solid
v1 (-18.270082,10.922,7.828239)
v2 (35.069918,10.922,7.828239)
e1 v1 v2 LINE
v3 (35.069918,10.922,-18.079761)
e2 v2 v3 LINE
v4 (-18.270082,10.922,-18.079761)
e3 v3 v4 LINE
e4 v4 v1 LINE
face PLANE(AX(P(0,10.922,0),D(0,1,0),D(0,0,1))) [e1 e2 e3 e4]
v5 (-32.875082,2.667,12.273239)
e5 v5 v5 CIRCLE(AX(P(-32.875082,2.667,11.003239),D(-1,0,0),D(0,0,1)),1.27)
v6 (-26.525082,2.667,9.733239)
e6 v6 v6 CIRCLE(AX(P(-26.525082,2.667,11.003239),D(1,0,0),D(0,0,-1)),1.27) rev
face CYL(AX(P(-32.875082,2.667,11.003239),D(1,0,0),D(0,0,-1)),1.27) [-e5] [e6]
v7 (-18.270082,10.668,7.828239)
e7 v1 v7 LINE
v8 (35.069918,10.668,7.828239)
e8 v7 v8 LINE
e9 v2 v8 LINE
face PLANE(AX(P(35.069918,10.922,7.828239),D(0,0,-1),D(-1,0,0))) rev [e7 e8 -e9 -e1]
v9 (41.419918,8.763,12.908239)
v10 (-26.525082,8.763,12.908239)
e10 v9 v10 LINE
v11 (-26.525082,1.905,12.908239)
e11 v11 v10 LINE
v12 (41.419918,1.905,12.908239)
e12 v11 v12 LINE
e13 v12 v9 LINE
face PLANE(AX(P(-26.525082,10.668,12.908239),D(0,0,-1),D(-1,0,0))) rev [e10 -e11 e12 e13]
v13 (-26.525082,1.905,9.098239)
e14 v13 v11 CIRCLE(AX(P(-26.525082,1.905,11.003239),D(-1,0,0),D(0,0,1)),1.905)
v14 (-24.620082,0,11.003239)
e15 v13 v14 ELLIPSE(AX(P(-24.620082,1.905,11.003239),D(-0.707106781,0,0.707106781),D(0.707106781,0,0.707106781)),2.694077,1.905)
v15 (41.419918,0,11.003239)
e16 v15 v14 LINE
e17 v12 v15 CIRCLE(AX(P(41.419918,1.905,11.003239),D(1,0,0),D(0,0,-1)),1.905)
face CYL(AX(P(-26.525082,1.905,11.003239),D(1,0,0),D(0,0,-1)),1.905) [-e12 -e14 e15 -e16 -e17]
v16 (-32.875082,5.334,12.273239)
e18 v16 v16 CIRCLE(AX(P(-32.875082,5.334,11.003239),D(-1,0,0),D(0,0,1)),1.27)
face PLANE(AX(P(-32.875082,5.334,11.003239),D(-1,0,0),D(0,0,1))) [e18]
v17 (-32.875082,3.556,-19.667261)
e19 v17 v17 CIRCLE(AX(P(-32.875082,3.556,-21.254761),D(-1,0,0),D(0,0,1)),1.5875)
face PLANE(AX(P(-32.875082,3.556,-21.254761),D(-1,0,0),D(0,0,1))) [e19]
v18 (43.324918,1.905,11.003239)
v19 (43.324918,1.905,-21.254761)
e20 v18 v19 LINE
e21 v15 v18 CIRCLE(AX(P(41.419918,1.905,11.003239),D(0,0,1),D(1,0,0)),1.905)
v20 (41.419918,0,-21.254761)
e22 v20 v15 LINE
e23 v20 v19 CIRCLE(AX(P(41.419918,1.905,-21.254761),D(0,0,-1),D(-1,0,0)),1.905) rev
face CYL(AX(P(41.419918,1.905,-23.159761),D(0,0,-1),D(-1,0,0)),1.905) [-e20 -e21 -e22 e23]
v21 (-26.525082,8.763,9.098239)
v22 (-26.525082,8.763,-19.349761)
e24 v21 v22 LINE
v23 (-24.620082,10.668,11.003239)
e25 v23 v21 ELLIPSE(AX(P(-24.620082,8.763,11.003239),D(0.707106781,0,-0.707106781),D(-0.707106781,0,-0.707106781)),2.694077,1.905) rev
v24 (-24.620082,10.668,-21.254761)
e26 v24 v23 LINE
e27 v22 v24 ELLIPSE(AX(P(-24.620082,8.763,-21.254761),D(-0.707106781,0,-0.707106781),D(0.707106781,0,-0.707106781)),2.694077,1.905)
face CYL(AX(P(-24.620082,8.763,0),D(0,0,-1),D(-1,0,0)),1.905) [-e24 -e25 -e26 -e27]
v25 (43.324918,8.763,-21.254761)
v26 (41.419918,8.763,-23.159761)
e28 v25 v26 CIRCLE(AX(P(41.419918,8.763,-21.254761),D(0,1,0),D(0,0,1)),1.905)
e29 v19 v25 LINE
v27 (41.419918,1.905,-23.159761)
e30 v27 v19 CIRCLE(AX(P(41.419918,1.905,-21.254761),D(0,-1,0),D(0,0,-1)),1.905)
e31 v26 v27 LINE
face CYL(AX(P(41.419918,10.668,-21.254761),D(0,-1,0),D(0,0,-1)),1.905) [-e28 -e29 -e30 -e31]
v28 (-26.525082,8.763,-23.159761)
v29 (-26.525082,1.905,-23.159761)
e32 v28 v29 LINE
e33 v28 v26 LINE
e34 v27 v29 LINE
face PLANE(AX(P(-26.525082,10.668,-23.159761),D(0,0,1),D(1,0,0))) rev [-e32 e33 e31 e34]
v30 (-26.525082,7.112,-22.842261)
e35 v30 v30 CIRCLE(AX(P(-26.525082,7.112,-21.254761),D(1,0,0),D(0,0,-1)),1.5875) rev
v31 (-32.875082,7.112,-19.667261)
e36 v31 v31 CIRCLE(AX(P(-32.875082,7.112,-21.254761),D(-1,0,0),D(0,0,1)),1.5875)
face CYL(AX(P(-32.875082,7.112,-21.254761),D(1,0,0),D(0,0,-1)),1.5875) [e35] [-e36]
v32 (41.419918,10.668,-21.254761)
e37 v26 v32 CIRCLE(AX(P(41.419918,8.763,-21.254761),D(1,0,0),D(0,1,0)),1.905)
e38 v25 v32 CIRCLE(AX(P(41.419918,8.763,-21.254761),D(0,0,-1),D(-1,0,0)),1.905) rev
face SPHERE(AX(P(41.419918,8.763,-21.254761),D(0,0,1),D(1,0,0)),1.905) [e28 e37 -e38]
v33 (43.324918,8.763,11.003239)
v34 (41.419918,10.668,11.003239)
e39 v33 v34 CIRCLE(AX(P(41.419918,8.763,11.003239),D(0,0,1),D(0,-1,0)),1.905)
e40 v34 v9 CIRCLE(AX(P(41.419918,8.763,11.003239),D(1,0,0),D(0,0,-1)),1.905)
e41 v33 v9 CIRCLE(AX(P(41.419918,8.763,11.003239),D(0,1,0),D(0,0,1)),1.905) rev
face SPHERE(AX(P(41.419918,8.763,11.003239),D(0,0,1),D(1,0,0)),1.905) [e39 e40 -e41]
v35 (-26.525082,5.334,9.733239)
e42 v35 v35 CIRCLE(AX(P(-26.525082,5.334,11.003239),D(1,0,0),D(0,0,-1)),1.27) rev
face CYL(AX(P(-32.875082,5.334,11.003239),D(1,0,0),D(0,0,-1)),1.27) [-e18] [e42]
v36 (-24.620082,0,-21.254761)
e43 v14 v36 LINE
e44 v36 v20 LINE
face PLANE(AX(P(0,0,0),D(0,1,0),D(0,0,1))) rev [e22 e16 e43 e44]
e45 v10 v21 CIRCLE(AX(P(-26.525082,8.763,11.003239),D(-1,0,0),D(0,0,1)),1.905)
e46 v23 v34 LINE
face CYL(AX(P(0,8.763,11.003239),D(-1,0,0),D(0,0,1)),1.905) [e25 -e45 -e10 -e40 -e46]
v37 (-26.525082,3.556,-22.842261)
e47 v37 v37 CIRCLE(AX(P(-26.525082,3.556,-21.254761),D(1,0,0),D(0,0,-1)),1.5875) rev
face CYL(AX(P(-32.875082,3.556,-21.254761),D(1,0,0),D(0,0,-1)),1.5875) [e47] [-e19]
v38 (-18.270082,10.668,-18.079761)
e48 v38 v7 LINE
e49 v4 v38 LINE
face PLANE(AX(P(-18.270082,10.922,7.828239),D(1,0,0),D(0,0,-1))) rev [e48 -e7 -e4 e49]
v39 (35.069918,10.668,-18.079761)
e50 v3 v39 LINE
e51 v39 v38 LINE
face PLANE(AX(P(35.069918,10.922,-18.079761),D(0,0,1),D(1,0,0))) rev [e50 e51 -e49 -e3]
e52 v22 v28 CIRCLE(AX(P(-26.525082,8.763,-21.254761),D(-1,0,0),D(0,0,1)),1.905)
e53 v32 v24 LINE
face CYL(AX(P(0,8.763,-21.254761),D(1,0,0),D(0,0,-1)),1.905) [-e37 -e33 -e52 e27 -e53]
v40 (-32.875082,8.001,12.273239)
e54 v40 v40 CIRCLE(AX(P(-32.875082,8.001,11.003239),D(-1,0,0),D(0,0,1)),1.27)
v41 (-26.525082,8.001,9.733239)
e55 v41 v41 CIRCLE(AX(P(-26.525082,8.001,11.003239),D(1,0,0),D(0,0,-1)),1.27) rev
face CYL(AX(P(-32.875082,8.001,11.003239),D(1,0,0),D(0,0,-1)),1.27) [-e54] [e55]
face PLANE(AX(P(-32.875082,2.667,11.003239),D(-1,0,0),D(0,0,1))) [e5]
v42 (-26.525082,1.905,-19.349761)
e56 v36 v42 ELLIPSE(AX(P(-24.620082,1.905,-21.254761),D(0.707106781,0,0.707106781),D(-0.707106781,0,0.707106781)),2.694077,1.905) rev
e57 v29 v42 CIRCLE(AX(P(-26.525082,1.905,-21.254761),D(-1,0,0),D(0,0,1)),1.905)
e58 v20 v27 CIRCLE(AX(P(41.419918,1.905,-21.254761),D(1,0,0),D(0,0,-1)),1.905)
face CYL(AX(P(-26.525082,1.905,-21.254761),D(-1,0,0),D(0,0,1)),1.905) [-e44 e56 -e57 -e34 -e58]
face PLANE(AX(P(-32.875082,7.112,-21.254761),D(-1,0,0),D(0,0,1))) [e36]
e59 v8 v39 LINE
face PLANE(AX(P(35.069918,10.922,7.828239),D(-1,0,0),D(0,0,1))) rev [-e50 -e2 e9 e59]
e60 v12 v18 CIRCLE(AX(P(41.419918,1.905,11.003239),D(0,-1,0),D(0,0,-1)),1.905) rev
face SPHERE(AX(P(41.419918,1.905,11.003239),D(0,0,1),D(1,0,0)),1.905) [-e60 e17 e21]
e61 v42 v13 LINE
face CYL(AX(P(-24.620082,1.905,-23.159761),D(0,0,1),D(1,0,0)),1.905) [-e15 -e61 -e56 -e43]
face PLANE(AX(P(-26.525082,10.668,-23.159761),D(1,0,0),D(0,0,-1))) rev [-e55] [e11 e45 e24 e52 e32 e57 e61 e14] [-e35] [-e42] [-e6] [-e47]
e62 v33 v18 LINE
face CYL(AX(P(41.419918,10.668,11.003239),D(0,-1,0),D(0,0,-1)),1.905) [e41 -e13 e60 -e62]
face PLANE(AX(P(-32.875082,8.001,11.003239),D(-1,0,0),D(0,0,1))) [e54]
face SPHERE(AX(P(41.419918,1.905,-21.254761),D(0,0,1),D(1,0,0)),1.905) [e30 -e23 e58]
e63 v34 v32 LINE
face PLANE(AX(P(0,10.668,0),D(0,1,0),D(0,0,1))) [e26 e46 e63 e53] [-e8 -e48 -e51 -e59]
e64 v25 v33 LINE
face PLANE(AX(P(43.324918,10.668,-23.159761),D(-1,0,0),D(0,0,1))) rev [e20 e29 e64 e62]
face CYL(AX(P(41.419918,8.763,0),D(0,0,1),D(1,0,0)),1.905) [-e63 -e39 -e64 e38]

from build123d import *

# Parameters (mm, degrees)
SKETCH1_W       = 69.85
SKETCH1_H       = 36.068
BATTERY_DEPTH   = 10.668
FILLET_2_R      = 1.905
WIRE_BOSS_DEPTH = 5.08
SKETCH3_R       = 1.27
SKETCH3_R_2     = 1.5875
WIRES_2_DEPTH   = 6.35
SKETCH4_W       = 53.34
SKETCH4_H       = 25.908
LABEL_DEPTH     = 0.254


with BuildPart() as part:
    # Sketch1 → Battery (new body)
    with BuildSketch(Plane(origin=(0, 0, 0), x_dir=(1, 0, 0), z_dir=(0, 1, 0))):
        with Locations((8.399917755, 5.125761329)):
            Rectangle(SKETCH1_W, SKETCH1_H)
    extrude(amount=BATTERY_DEPTH)

    # Fillet 2
    fillet_2_edges = [part.edges().sort_by_distance(p)[0] for p in [
        (43.324917755, 10.668, -5.125761329),
        (8.399917755, 10.668, -23.159761329),
        (-26.525082245, 10.668, -5.125761329),
        (8.399917755, 0, -23.159761329),
        (43.324917755, 0, -5.125761329),
        (8.399917755, 0, 12.908238671),
        (-26.525082245, 0, -5.125761329),
        (8.399917755, 10.668, 12.908238671),
        (-26.525082245, 5.334, -23.159761329),
        (43.324917755, 5.334, -23.159761329),
        (43.324917755, 5.334, 12.908238671),
        (-26.525082245, 5.334, 12.908238671),
    ]]
    fillet(fillet_2_edges, radius=FILLET_2_R)

    # Sketch2 → Wire Boss (add)
    with BuildSketch(Plane.ZY.offset(26.525082245)):
        with BuildLine():
            Line((12.908238671, 8.763), (12.908238671, 1.905))
            ThreePointArc((12.908238671, 1.905), (11.003238671, 0), (9.098238671, 1.905))
            Line((9.098238671, 1.905), (9.098238671, 8.763))
            ThreePointArc((9.098238671, 8.763), (11.003238671, 10.668), (12.908238671, 8.763))
        make_face()
        with BuildLine():
            Line((-19.349761329, 8.763), (-19.349761329, 1.905))
            ThreePointArc((-19.349761329, 1.905), (-21.254761329, 0), (-23.159761329, 1.905))
            Line((-23.159761329, 1.905), (-23.159761329, 8.763))
            ThreePointArc((-23.159761329, 8.763), (-21.254761329, 10.668), (-19.349761329, 8.763))
        make_face()
    extrude(amount=-WIRE_BOSS_DEPTH)

    # Sketch3 → Wires 2 (add)
    with BuildSketch(Plane.ZY.offset(26.525082245)):
        with Locations((11.003238671, 8.001)):
            Circle(SKETCH3_R)
        with Locations((11.003238671, 5.334)):
            Circle(SKETCH3_R)
        with Locations((11.003238671, 2.667)):
            Circle(SKETCH3_R)
        with Locations((-21.254761329, 7.112)):
            Circle(SKETCH3_R_2)
        with Locations((-21.254761329, 3.556)):
            Circle(SKETCH3_R_2)
    extrude(amount=WIRES_2_DEPTH)

    # Sketch4 → Label (add)
    with BuildSketch(Plane(origin=(0, 10.668, 0), x_dir=(1, 0, 0), z_dir=(0, 1, 0))):
        with Locations((8.399917755, 5.125761329)):
            Rectangle(SKETCH4_W, SKETCH4_H)
    extrude(amount=LABEL_DEPTH)


solid = part.part
